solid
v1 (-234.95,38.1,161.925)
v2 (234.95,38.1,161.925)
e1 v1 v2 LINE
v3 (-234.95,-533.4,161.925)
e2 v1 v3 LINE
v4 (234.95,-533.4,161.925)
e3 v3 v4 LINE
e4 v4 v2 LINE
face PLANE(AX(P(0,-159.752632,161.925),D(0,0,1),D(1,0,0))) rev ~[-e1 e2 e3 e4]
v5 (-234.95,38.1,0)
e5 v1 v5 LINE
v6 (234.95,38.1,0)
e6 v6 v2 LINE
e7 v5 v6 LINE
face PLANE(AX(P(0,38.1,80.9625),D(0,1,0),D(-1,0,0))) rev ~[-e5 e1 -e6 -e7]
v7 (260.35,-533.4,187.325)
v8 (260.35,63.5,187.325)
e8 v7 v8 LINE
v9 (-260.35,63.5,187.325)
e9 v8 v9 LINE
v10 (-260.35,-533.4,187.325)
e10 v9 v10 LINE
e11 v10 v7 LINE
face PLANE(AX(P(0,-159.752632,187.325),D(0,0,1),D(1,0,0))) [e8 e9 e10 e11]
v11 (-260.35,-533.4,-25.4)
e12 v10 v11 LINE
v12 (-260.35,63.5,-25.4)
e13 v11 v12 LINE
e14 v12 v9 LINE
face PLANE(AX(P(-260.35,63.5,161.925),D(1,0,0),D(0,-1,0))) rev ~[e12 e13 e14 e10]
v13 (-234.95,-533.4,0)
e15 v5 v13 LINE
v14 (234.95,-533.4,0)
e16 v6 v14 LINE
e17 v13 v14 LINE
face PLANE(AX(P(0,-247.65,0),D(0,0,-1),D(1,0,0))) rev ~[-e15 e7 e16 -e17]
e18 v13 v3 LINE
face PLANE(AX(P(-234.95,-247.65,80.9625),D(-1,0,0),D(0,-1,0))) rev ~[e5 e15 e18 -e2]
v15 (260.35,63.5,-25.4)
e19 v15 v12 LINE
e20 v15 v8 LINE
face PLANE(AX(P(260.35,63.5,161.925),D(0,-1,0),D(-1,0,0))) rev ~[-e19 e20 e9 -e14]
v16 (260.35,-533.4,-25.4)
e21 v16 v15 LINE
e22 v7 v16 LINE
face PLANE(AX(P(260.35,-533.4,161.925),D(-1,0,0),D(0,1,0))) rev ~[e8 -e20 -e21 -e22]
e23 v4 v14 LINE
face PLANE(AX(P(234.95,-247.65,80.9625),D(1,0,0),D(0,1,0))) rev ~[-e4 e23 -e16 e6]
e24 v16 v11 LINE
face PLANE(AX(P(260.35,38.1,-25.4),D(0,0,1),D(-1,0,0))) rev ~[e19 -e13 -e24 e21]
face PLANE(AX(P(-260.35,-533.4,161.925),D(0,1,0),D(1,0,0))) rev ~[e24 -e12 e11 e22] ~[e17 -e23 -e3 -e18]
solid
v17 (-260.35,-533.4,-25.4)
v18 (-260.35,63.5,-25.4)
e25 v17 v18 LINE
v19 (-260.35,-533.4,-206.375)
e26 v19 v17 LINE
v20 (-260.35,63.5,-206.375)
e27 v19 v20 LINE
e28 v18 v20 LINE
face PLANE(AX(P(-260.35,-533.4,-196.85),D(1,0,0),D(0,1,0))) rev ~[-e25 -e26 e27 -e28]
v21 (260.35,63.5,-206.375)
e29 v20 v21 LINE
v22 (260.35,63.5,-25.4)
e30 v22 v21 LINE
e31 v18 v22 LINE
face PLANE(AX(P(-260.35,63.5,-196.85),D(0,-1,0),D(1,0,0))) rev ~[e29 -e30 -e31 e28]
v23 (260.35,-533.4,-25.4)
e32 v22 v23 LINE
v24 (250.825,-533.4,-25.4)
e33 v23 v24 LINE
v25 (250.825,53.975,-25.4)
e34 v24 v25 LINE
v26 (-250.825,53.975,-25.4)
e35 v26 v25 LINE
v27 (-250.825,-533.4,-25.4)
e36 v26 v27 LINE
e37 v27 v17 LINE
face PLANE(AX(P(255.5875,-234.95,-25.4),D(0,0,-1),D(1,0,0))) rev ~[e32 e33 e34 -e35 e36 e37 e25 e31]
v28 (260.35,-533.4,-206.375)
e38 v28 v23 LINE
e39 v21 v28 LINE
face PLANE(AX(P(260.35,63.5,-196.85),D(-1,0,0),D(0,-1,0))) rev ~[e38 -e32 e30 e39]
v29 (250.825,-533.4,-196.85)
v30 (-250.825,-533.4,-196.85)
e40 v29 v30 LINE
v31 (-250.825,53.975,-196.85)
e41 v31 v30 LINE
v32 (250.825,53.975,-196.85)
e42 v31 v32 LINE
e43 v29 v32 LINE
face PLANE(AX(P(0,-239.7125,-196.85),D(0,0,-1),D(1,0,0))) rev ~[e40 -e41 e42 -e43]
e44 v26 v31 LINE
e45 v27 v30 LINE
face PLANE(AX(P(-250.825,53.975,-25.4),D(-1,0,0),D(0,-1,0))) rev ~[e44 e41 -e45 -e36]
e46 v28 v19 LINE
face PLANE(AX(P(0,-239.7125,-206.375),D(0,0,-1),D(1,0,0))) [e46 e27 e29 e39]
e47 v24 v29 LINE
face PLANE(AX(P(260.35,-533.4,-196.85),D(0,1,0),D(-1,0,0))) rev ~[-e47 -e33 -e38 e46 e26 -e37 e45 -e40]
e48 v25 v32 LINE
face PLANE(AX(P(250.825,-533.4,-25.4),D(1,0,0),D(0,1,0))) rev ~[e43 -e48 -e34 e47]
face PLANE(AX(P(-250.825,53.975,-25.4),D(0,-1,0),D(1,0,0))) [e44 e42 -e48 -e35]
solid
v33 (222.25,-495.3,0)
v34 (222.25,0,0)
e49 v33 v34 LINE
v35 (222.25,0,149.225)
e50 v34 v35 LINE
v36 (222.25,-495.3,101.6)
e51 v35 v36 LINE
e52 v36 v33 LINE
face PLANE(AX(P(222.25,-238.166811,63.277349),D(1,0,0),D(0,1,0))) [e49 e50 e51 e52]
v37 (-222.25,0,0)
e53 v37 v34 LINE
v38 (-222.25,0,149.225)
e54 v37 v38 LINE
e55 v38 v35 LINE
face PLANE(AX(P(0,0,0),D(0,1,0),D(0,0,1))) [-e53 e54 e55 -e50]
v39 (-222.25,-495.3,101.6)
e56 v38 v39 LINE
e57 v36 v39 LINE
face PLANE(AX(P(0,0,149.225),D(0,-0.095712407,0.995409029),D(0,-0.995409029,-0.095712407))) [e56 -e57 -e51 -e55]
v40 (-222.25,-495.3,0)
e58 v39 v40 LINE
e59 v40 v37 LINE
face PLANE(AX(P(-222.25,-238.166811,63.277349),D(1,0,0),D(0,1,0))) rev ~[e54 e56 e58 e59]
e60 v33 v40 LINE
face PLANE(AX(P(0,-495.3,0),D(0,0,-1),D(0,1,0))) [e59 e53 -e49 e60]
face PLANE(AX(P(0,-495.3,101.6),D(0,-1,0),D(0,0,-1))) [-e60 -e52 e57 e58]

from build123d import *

# Parameters (mm, degrees)
F1_DEPTH      = 222.25
F1_DEPTH_BACK = 222.25
F2_W          = 469.9
F2_H          = 571.5
F2_W_2        = 444.5
F2_H_2        = 495.3
F3_DEPTH      = 25.4
F4_W          = 571.5
F4_H          = 161.925
F4_H_2        = 25.4
F5_DEPTH      = 25.4
F6_W          = 571.5
F6_H          = 161.925
F6_H_2        = 25.4
F7_DEPTH      = 25.4
F8_W          = 469.9
F8_H          = 161.925
F9_DEPTH      = 25.4
F10_W         = 469.9
F10_H         = 571.5
F11_DEPTH     = 25.4
F12_W         = 501.65
F12_H         = 9.525
F13_DEPTH     = 171.45
F14_W         = 501.65
F14_H         = 587.375
F15_DEPTH     = 9.525


with BuildPart() as f1:
    # F0 (on Right) → F1 (new body, two sides)
    with BuildSketch(Plane.YZ) as f1_sk:
        Polygon((-495.3, 0), (0, 0), (0, 149.225), (-495.3, 101.6), align=None)
    extrude(amount=F1_DEPTH)
    extrude(f1_sk.sketch, amount=-F1_DEPTH_BACK)


with BuildPart() as f3:
    # F2 (on face) → F3 (new body)
    with BuildSketch(Plane(origin=(0, 0, 0), x_dir=(1, 0, 0), z_dir=(0, 0, -1))):
        with Locations((0, 247.65)):
            Rectangle(F2_W, F2_H)
        with Locations((0, 247.65)):
            Rectangle(F2_W_2, F2_H_2, mode=Mode.SUBTRACT)
        with Locations((0, 247.65)):
            Rectangle(F2_W_2, F2_H_2)
    extrude(amount=F3_DEPTH)

    # F4 (on face) → F5 (join)
    with BuildSketch(Plane.YZ.offset(234.95)):
        with Locations((-247.65, 80.9625)):
            Rectangle(F4_W, F4_H)
        with Locations((-247.65, -12.7)):
            Rectangle(F4_W, F4_H_2)
    extrude(amount=F5_DEPTH)

    # F6 (on face) → F7 (join)
    with BuildSketch(Plane(origin=(-234.95, 0, 0), x_dir=(0, -1, 0), z_dir=(-1, 0, 0))):
        with Locations((247.65, 80.9625)):
            Rectangle(F6_W, F6_H)
        with Locations((247.65, -12.7)):
            Rectangle(F6_W, F6_H_2)
    extrude(amount=F7_DEPTH)

    # F8 (on face) → F9 (join)
    with BuildSketch(Plane(origin=(0, 38.1, 0), x_dir=(-1, 0, 0), z_dir=(0, 1, 0))):
        with Locations((0, 80.9625)):
            Rectangle(F8_W, F8_H)
        Polygon((-260.35, 161.925), (-260.35, -25.4), (260.35, -25.4), (260.35, 161.925), (234.95, 161.925), (234.95, 0), (-234.95, 0), (-234.95, 161.925), align=None)
    extrude(amount=F9_DEPTH)

    # F10 (on face) → F11 (join)
    with BuildSketch(Plane.XY.offset(161.925)):
        Polygon((234.95, -533.4), (260.35, -533.4), (260.35, 63.5), (-260.35, 63.5), (-260.35, -533.4), (-234.95, -533.4), (-234.95, 38.1), (234.95, 38.1), align=None)
        with Locations((0, -247.65)):
            Rectangle(F10_W, F10_H)
    extrude(amount=F11_DEPTH)


with BuildPart() as f13:
    # F12 (on face) → F13 (new body)
    with BuildSketch(Plane(origin=(0, 0, -25.4), x_dir=(1, 0, 0), z_dir=(0, 0, -1))):
        Polygon((260.35, -63.5), (260.35, 533.4), (250.825, 533.4), (250.825, 523.875), (250.825, -53.975), (250.825, -63.5), align=None)
        with Locations((0, -58.7375)):
            Rectangle(F12_W, F12_H)
        Polygon((-250.825, 523.875), (-250.825, 533.4), (-260.35, 533.4), (-260.35, -63.5), (-250.825, -63.5), (-250.825, -53.975), align=None)
    extrude(amount=F13_DEPTH)

    # F14 (on face) → F15 (join)
    with BuildSketch(Plane(origin=(0, 0, -196.85), x_dir=(1, 0, 0), z_dir=(0, 0, -1))):
        with Locations((0, 239.7125)):
            Rectangle(F14_W, F14_H)
        Polygon((-260.35, 533.4), (-260.35, -63.5), (260.35, -63.5), (260.35, 533.4), (250.825, 533.4), (250.825, -53.975), (-250.825, -53.975), (-250.825, 533.4), align=None)
    extrude(amount=F15_DEPTH)


solid = Compound([f1.part, f3.part, f13.part])
